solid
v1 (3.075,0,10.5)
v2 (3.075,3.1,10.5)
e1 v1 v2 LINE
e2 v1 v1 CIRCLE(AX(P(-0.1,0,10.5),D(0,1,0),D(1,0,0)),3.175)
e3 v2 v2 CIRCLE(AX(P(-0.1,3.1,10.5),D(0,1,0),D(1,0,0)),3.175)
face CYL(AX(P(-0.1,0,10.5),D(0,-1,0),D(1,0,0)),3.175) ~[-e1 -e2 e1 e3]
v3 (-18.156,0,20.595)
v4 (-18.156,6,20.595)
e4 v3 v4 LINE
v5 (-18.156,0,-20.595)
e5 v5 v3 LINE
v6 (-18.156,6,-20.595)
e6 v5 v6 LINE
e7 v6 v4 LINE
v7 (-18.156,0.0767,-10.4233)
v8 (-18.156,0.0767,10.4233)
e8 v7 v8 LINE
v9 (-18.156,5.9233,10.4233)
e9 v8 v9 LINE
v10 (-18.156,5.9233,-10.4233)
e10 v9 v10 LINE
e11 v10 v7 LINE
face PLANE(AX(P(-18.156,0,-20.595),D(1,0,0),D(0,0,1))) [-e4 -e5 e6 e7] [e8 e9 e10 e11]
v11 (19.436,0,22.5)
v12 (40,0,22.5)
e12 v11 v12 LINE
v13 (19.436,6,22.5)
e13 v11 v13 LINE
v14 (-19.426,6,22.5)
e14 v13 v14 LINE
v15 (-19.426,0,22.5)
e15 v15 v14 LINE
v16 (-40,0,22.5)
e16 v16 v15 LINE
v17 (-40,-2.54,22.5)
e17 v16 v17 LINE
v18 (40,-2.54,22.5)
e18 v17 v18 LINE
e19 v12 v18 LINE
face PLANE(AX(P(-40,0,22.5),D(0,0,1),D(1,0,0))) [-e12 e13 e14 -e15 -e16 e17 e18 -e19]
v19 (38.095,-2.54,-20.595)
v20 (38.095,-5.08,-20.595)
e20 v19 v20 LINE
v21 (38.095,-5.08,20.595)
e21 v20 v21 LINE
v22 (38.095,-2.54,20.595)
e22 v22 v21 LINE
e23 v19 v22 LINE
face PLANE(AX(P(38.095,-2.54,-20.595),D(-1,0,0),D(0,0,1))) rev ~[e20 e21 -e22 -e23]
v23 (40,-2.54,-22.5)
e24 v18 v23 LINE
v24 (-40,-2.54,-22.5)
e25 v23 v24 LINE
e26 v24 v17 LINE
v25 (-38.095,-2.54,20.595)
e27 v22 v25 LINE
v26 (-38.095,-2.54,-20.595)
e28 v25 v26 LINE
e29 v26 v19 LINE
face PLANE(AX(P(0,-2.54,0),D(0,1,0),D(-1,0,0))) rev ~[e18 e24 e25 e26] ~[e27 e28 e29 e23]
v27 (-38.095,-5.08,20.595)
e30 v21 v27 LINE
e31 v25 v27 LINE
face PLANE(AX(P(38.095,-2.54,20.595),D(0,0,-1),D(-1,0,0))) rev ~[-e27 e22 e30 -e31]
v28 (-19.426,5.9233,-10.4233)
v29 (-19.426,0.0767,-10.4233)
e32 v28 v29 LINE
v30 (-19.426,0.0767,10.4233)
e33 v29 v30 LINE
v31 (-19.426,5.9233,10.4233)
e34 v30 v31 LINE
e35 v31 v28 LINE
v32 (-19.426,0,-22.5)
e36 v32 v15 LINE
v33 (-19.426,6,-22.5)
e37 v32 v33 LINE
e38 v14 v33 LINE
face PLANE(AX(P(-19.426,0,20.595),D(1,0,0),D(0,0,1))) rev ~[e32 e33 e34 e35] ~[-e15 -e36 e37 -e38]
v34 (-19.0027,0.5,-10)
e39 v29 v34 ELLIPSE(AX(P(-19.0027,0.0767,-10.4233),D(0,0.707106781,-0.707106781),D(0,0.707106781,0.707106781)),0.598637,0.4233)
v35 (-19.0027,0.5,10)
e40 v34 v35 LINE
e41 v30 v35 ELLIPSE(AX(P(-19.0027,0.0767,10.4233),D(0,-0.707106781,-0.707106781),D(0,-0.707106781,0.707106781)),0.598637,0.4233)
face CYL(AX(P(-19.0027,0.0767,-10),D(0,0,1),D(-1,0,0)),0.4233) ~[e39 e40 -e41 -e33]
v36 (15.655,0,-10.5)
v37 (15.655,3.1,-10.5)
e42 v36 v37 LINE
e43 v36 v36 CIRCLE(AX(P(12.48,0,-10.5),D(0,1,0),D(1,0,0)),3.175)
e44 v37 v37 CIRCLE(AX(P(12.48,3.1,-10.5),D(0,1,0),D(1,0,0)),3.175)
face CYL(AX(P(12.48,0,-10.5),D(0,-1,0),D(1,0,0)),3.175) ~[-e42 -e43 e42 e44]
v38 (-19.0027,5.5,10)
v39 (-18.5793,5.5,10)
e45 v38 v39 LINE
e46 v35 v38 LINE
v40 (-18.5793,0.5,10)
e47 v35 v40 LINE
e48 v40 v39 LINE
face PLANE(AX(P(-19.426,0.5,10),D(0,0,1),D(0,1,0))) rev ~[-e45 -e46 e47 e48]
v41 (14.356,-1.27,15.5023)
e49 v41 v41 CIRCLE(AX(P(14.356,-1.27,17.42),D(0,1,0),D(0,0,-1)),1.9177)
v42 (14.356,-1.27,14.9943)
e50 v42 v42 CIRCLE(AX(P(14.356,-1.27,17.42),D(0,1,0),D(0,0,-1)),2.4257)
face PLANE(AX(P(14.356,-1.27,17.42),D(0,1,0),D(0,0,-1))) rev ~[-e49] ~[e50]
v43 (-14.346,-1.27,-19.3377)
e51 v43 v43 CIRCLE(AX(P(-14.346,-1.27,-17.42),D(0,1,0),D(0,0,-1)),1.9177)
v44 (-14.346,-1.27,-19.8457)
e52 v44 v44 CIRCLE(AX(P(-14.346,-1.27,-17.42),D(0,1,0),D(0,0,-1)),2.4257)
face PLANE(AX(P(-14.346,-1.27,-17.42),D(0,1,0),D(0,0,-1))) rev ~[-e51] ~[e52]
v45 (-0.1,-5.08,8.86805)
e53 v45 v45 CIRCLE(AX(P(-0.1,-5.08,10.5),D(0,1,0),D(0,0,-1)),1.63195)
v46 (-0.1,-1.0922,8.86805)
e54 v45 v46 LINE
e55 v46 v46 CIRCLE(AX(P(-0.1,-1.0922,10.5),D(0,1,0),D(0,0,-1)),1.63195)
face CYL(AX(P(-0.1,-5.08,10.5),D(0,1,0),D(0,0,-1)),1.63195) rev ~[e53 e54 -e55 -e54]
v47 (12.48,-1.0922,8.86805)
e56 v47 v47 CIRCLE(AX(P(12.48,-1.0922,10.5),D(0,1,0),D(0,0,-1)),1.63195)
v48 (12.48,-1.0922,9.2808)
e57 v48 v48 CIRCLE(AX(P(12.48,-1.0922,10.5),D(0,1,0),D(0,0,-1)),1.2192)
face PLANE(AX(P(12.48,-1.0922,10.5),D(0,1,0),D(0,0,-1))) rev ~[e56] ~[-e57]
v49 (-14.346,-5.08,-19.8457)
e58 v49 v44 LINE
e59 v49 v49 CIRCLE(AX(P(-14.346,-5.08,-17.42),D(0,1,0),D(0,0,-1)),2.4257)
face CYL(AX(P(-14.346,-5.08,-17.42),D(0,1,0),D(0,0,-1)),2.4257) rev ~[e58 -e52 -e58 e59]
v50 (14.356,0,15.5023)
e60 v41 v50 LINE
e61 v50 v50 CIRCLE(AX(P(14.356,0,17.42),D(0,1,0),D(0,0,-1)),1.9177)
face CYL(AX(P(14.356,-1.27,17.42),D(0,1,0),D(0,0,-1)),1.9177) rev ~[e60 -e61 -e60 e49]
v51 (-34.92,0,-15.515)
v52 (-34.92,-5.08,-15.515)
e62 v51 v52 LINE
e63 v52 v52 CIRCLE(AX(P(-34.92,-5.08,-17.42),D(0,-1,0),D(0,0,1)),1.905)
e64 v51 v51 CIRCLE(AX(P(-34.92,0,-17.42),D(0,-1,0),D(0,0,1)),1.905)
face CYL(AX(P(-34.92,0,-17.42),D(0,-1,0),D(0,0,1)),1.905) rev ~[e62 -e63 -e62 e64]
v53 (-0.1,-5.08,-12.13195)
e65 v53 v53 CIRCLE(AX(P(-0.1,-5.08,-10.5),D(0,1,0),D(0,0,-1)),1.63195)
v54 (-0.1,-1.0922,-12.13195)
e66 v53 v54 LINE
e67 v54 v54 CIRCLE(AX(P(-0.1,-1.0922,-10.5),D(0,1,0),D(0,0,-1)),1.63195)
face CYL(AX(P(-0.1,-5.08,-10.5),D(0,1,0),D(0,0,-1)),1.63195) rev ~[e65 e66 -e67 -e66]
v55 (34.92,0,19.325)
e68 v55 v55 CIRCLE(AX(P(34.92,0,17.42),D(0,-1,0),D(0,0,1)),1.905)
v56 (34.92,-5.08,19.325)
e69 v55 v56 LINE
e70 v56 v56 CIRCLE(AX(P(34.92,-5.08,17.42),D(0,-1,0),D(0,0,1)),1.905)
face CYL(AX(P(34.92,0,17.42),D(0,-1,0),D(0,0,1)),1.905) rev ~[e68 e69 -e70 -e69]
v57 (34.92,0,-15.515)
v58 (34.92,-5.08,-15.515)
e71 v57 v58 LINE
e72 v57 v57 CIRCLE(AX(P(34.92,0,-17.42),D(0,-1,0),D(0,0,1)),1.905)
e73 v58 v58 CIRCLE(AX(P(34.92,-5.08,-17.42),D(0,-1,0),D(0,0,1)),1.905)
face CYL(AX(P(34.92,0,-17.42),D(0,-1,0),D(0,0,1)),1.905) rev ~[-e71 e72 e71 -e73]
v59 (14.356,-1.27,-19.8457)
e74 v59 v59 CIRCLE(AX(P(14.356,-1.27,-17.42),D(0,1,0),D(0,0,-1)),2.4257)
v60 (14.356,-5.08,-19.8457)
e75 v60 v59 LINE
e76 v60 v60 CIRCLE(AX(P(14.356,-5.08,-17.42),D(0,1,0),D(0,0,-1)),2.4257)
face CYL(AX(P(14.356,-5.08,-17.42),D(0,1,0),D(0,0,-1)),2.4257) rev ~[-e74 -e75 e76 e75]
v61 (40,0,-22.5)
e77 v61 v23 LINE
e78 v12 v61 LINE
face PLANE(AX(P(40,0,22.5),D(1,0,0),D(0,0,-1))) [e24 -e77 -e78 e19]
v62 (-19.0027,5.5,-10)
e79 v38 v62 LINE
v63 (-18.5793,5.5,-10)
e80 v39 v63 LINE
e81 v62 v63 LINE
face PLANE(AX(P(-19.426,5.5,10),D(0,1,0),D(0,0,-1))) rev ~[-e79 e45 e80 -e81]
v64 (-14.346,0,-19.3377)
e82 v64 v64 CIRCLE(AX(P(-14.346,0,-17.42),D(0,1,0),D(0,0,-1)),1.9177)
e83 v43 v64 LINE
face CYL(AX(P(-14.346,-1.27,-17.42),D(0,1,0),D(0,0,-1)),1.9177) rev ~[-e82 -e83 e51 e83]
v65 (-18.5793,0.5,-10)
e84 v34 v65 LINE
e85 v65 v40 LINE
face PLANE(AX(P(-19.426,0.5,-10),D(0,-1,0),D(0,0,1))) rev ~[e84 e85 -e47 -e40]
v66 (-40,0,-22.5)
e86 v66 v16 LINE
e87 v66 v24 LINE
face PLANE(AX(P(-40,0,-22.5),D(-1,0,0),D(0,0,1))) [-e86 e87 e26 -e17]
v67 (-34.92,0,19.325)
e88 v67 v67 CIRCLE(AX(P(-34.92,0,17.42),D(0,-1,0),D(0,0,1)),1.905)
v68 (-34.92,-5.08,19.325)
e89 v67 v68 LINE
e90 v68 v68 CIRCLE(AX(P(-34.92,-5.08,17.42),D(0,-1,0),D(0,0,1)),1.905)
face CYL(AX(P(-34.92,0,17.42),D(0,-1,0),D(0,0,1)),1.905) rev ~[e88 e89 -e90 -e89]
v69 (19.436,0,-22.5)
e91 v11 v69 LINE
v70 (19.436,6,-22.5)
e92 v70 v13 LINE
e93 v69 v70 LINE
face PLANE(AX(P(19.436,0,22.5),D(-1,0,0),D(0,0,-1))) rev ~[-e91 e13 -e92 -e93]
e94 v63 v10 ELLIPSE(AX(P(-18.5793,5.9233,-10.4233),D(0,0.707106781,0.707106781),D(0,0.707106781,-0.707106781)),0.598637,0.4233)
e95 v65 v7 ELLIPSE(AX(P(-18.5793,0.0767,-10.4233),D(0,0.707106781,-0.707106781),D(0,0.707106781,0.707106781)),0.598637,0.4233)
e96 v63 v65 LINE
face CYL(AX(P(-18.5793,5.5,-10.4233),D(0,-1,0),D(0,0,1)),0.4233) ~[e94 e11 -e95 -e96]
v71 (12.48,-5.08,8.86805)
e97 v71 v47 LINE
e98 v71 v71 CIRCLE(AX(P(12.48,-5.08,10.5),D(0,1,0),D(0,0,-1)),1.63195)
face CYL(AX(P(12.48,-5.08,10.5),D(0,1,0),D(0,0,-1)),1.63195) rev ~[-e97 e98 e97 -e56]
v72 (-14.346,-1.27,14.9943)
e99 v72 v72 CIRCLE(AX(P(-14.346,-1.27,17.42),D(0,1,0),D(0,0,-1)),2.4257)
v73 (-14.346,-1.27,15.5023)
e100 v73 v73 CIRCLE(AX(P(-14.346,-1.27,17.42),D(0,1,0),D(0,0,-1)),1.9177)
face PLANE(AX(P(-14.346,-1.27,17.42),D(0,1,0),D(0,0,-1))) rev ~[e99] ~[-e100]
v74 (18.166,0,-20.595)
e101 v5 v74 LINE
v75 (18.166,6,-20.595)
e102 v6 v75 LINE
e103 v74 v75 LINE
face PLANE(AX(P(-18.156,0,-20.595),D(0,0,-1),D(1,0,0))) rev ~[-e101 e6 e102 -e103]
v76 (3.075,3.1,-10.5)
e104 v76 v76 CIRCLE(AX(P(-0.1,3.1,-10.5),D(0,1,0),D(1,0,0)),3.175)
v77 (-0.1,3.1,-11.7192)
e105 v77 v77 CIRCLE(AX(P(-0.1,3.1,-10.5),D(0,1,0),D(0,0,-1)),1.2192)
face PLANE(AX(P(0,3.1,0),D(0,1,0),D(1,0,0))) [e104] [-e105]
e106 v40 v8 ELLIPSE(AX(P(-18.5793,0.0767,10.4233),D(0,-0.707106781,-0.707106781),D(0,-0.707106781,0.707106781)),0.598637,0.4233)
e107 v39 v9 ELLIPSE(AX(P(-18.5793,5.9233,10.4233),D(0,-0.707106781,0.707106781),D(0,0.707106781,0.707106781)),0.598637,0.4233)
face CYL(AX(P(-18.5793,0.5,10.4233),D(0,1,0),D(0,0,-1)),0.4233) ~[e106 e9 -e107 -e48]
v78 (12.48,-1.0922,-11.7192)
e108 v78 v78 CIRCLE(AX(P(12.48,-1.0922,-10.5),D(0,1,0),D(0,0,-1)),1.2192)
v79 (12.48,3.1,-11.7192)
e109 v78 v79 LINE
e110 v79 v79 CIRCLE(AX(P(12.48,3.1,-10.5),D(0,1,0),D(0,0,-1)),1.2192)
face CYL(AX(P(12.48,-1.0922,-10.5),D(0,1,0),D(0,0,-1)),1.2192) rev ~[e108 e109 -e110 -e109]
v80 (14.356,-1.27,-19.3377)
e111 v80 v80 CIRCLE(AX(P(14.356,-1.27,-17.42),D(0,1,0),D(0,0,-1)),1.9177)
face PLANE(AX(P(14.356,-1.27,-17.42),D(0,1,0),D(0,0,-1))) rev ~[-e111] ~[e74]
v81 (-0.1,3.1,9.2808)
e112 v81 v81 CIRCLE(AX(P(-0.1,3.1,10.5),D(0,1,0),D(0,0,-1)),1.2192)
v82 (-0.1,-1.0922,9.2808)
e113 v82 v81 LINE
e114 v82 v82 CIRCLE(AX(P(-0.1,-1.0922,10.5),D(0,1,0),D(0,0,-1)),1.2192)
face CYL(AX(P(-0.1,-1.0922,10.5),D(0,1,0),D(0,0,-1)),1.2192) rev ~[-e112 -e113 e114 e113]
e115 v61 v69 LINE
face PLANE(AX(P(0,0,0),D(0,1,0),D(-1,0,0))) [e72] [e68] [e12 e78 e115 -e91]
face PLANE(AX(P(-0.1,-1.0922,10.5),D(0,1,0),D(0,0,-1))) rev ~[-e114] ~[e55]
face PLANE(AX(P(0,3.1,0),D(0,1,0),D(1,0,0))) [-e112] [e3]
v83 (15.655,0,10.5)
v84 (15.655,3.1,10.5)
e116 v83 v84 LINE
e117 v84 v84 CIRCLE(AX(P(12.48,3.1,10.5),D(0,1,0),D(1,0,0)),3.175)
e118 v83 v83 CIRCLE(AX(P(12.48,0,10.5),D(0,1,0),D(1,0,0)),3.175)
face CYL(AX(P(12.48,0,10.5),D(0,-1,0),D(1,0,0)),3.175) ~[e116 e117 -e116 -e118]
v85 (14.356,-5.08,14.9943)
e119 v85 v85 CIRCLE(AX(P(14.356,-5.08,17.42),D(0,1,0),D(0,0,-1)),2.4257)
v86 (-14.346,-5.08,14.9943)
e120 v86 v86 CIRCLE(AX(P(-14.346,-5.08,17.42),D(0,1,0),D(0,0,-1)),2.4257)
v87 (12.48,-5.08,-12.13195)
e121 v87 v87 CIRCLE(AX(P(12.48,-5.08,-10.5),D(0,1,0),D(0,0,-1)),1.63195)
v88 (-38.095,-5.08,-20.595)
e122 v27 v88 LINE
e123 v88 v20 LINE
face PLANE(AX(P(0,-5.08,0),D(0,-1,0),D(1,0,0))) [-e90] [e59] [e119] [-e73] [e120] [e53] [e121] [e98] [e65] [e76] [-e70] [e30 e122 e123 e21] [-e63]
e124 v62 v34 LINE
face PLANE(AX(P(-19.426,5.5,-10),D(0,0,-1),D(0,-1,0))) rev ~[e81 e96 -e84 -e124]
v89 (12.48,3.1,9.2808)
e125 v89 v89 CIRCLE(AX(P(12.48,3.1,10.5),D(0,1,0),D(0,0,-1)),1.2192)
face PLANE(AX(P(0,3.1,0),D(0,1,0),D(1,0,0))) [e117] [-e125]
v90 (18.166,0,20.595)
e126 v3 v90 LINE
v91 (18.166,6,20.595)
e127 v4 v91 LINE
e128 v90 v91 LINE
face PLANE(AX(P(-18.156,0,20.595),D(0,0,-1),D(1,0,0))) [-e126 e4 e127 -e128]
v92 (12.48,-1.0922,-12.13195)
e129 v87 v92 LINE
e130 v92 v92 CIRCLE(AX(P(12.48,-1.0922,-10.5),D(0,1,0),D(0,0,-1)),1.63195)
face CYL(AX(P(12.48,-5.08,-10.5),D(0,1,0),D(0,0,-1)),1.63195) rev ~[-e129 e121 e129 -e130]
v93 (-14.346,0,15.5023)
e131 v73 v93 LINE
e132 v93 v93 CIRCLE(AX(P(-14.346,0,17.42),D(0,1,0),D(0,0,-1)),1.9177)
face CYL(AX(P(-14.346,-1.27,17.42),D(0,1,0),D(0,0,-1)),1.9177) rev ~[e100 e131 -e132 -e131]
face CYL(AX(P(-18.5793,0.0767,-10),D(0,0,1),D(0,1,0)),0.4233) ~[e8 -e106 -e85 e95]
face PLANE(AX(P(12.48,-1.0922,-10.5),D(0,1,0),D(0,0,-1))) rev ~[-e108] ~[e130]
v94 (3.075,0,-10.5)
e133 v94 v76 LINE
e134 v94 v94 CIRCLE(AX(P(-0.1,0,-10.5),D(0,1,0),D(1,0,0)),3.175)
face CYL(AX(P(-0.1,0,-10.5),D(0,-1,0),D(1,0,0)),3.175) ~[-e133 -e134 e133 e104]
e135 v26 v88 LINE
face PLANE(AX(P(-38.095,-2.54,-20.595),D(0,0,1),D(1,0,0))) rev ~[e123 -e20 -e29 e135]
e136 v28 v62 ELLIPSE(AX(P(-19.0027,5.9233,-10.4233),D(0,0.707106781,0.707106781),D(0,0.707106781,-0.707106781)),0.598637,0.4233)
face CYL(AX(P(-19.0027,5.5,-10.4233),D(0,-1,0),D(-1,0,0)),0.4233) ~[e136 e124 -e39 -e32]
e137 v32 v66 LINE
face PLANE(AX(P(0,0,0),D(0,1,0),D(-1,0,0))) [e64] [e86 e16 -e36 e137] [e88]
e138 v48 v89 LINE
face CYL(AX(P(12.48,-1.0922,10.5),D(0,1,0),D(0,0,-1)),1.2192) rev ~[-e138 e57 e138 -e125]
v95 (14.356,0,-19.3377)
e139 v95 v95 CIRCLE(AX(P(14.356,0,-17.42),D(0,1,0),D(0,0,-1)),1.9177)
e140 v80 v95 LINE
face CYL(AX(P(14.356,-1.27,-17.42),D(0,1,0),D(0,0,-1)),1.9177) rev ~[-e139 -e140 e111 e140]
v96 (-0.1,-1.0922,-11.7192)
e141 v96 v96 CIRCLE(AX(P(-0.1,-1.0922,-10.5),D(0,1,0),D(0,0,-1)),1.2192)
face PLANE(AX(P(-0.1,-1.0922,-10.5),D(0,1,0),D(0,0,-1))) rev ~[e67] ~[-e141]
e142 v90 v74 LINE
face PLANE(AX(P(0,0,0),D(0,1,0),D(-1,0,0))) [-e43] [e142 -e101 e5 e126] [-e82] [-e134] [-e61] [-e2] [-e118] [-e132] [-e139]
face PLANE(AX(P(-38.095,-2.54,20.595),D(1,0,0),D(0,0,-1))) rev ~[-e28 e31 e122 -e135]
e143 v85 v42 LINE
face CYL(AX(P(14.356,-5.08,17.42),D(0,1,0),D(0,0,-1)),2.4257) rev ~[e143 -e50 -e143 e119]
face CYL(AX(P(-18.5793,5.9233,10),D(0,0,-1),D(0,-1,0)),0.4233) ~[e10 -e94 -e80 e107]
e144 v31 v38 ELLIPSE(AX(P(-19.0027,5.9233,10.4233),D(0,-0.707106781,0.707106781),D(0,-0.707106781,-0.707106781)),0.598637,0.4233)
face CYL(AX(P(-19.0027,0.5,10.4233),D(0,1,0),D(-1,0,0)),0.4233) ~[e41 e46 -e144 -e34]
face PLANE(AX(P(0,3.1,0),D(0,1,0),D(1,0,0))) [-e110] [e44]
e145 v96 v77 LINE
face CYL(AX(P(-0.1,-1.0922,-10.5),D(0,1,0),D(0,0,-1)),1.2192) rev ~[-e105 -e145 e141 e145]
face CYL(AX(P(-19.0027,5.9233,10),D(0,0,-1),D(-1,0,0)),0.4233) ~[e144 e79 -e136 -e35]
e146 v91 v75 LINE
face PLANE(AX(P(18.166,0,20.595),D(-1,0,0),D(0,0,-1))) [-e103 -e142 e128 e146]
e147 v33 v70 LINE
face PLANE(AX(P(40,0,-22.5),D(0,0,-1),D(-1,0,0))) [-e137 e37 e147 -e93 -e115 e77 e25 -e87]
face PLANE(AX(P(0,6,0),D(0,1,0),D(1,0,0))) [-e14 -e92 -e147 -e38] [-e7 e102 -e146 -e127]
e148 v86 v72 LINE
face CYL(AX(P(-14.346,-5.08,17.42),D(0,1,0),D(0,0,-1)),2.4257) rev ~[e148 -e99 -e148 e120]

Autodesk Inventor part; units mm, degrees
ref_plane "YZ Plane" through (0, 0, 0) normal (1, 0, 0) x (0, 1, 0)
ref_plane "XZ Plane" through (0, 0, 0) normal (0, 1, 0) x (-1, 0, 0)
ref_plane "XY Plane" through (0, 0, 0) normal (0, 0, 1) x (1, 0, 0)
sketch "Sketch1" plane through (0, 0, 0) normal (0, 1, 0) x (-1, 0, 0)
  line L0 (40, 22.5) -> (-40, 22.5)
  line L1 (-40, 22.5) -> (-40, -22.5)
  line L2 (-40, -22.5) -> (40, -22.5)
  line L3 (40, -22.5) -> (40, 22.5)
  line L4 (40, 22.5) -> (-40, -22.5) construction
  line L5 (-40, 22.5) -> (40, -22.5) construction
  point P0 (0, 0)
  dimension "d0" = 80
  dimension "d1" = 45
extrude "ExtrusionForTopOfCase" add sketch "Sketch1" against normal blind 2.54
sketch "Sketch2" plane through (0, -2.54, 0) normal (0, -1, 0) x (1, 0, 0)
  line L0 (40, 22.5) -> (-40, 22.5) projected
  line L1 (-40, 22.5) -> (-40, -22.5) projected
  line L2 (40, 22.5) -> (-40, 22.5)
  line L3 (-40, 22.5) -> (-40, -22.5)
  line L4 (-40, -22.5) -> (40, -22.5)
  line L5 (40, -22.5) -> (40, 22.5)
  line L6 (38.095, 20.595) -> (-38.095, 20.595)
  line L7 (-38.095, 20.595) -> (-38.095, -20.595)
  line L8 (-38.095, -20.595) -> (38.095, -20.595)
  line L9 (38.095, -20.595) -> (38.095, 20.595)
  line L10 (38.095, 20.595) -> (-38.095, -20.595) construction
  line L11 (-38.095, 20.595) -> (38.095, -20.595) construction
  point P0 (0, 0)
  dimension "d6" = 1.905
  dimension "d7" = 1.905
extrude "ExtrusionForBottomRidge" add sketch "Sketch2" along normal blind 2.54 contours L9 L8 L7 L6
sketch "Sketch8" plane through (0, 0, 0) normal (0, 1, 0) x (1, 0, 0)
  line L0 (-34.92, -17.42) -> (34.92, -17.42) construction
  line L1 (34.92, -17.42) -> (34.92, 17.42) construction
  line L2 (34.92, 17.42) -> (-34.92, 17.42) construction
  line L3 (-34.92, 17.42) -> (-34.92, -17.42) construction
  line L4 (38.095, 20.595) -> (-38.095, 20.595) construction
  line L5 (-38.095, 20.595) -> (-38.095, -20.595) construction
  line L6 (-38.095, -20.595) -> (38.095, -20.595) construction
  line L7 (38.095, -20.595) -> (38.095, 20.595) construction
  point P0 (0, 0)
  dimension "d39" = 3.175
  dimension "d40" = 3.175
  dimension "d41" = 3.175
  dimension "d42" = 3.175
sketch "Sketch11" plane through (0, 0, 0) normal (0, 1, 0) x (1, 0, 0)
  line L0 (40, -22.5) -> (-40, -22.5) projected
  line L1 (-40, 22.5) -> (40, 22.5) projected
  line L2 (-19.426, -22.5) -> (19.436, -22.5)
  line L3 (19.436, -22.5) -> (19.436, 22.5)
  line L4 (19.436, 22.5) -> (-19.426, 22.5)
  line L5 (-19.426, 22.5) -> (-19.426, -22.5)
  line L6 (-40, 22.5) -> (-40, -22.5) projected
  line L7 (-38.095, -20.595) -> (38.095, -20.595) projected
  line L8 (-38.095, 20.595) -> (38.095, 20.595) projected
  line L9 (-18.156, -20.595) -> (18.166, -20.595)
  line L10 (18.166, -20.595) -> (18.166, 20.595)
  line L11 (18.166, 20.595) -> (-18.156, 20.595)
  line L12 (-18.156, 20.595) -> (-18.156, -20.595)
  point P0 (0, 0)
  dimension "d57" = 20.574
  dimension "d58" = 1.27
  dimension "d59" = 1.27
  dimension "d60" = 59.436
extrude "Extrusion7" add sketch "Sketch11" along normal blind 6 contours L0 L5 L7 L3 | L7 L10 L8 L3 | L5 L8 L12 L7 | L8 L5 L1 L3
sketch "Sketch13" plane through (-19.426, 0, -22.5) normal (-1, 0, 0) x (0, 0, 1)
  line L0 (43.095, 6) -> (1.905, 6) construction
  line L1 (22.5, 6) -> (22.5, 0) construction
  line L2 (12.5, 0.5) -> (32.5, 0.5)
  line L3 (32.5, 0.5) -> (32.5, 5.5)
  line L4 (32.5, 5.5) -> (12.5, 5.5)
  line L5 (12.5, 5.5) -> (12.5, 0.5)
  line L6 (12.5, 0.5) -> (32.5, 5.5) construction
  line L7 (32.5, 0.5) -> (12.5, 5.5) construction
  line L8 (0, 6) -> (45, 6) projected
  point P0 (22.5, 3)
  dimension "d70" = 5
  dimension "d71" = 20
extrude "Extrusion8" cut sketch "Sketch13" against normal up to next
fillet "Fillet1" radius 0.4233 8 edges at (-18.156, 0.5, 0) (-18.156, 3, 10) (-18.156, 5.5, 0) (-18.156, 3, -10) (-19.426, 0.5, 0) (-19.426, 5.5, 0) (-19.426, 3, 10) (-19.426, 3, -10)
hole "Hole7" at (-34.92, 0, -17.42) at (34.92, 0, -17.42) at (34.92, 0, 17.42) at (-34.92, 0, 17.42) direction (0, -1, 0) diameter 3.81 end through all clearance for "Flat Head Machine Screw (82)" size "#6" standard "Ansi Unified Screw Threads"
sketch "Sketch21" plane through (0, -5.08, 0) normal (0, -1, 0) x (1, 0, 0)
  circle A0 centre (34.92, 17.42) radius 1.905 projected
  circle A1 centre (-34.92, -17.42) radius 1.905 projected
  circle A2 centre (34.92, -17.42) radius 1.905 projected
  circle A3 centre (-34.92, 17.42) radius 1.905 projected
  line L0 (38.095, 20.595) -> (-38.095, 20.595) projected
  line L1 (-38.095, 20.595) -> (-38.095, -20.595) projected
  line L2 (-38.095, -20.595) -> (38.095, -20.595) projected
  line L3 (38.095, -20.595) -> (38.095, 20.595) projected
  circle A4 centre (-14.346, 17.42) radius 1.2657 projected
  circle A5 centre (14.356, 17.42) radius 1.2657 projected
  circle A6 centre (14.356, -17.42) radius 1.2657 projected
  circle A7 centre (-14.346, -17.42) radius 1.2657 projected
  point P0 (0, 0)
hole "Hole12" at (-14.346, -5.08, 17.42) at (14.356, -5.08, 17.42) at (14.356, -5.08, -17.42) at (-14.346, -5.08, -17.42) direction (0, 1, 0) diameter 3.8354 end through all counterbore diameter 4.8514 counterbore depth 3.81
sketch "Sketch22" plane through (0, 0, 0) normal (0, 1, 0) x (1, 0, 0)
  line L0 (40, -22.5) -> (40, 22.5) projected
  line L1 (19.436, -22.5) -> (40, -22.5) projected
  circle A0 centre (12.48, 10.5) radius 3.175
  circle A1 centre (12.48, -10.5) radius 3.175
  circle A2 centre (-0.1, -10.5) radius 3.175
  circle A3 centre (-0.1, 10.5) radius 3.175
  point P0 (0, 0)
  dimension "d130" = 27.52
  dimension "d131" = 12
  dimension "d132" = 12.58
  dimension "d133" = 21
  dimension "d134" = 12.58
  dimension "d135" = 21
  dimension "d136" = 6.35
extrude "Extrusion10" add sketch "Sketch22" along normal blind 3.1
sketch "Sketch24" plane through (0, -5.08, 0) normal (0, -1, 0) x (1, 0, 0)
  circle A0 centre (-0.1, -10.5) radius 3.175 projected
  circle A1 centre (12.48, -10.5) radius 3.175 projected
  circle A2 centre (12.48, 10.5) radius 3.175 projected
  circle A3 centre (-0.1, 10.5) radius 3.175 projected
  circle A4 centre (-0.1, -10.5) radius 3.175 projected
  point P0 (0, 0)
hole "Hole14" at (-0.1, -5.08, -10.5) at (-0.1, -5.08, 10.5) at (12.48, -5.08, 10.5) at (12.48, -5.08, -10.5) direction (0, 1, 0) diameter 2.4384 end through all counterbore diameter 3.2639 counterbore depth 3.9878
equation "\"d0\" = CaseLength"
equation "\"d1\" = CaseWidth"
equation "\"d2\" = TopExtensionHeight"
equation "\"d8\" = LowerExtenstionHeight"
equation "\"d58\" = CaseWallThickness"
equation "\"d59\" = CaseWallThickness"
equation "\"d70\" = PiRibbonCableThickness"
equation "\"d71\" = PiRibbonCableWidth"
equation "\"d74\" = FilletForRibbonCable"
equation "\"TopTotalHeight\" = 5.08"
equation "\"TopExtensionHeight\" = 0.5 * TopTotalHeight"
equation "\"LowerExtenstionHeight\" = 0.5 * TopTotalHeight"
equation "\"CaseLength\" = 80"
equation "\"CaseWidth\" = 45"
equation "\"CaseWallThickness\" = 1.27"
equation "\"PiRibbonCableThickness\" = 5"
equation "\"PiRibbonCableWidth\" = 20"
equation "\"FilletForRibbonCable\" = 0.423333"
properties part number "CaseTopForPiZeroWandCamera" material "Polypropylene"
